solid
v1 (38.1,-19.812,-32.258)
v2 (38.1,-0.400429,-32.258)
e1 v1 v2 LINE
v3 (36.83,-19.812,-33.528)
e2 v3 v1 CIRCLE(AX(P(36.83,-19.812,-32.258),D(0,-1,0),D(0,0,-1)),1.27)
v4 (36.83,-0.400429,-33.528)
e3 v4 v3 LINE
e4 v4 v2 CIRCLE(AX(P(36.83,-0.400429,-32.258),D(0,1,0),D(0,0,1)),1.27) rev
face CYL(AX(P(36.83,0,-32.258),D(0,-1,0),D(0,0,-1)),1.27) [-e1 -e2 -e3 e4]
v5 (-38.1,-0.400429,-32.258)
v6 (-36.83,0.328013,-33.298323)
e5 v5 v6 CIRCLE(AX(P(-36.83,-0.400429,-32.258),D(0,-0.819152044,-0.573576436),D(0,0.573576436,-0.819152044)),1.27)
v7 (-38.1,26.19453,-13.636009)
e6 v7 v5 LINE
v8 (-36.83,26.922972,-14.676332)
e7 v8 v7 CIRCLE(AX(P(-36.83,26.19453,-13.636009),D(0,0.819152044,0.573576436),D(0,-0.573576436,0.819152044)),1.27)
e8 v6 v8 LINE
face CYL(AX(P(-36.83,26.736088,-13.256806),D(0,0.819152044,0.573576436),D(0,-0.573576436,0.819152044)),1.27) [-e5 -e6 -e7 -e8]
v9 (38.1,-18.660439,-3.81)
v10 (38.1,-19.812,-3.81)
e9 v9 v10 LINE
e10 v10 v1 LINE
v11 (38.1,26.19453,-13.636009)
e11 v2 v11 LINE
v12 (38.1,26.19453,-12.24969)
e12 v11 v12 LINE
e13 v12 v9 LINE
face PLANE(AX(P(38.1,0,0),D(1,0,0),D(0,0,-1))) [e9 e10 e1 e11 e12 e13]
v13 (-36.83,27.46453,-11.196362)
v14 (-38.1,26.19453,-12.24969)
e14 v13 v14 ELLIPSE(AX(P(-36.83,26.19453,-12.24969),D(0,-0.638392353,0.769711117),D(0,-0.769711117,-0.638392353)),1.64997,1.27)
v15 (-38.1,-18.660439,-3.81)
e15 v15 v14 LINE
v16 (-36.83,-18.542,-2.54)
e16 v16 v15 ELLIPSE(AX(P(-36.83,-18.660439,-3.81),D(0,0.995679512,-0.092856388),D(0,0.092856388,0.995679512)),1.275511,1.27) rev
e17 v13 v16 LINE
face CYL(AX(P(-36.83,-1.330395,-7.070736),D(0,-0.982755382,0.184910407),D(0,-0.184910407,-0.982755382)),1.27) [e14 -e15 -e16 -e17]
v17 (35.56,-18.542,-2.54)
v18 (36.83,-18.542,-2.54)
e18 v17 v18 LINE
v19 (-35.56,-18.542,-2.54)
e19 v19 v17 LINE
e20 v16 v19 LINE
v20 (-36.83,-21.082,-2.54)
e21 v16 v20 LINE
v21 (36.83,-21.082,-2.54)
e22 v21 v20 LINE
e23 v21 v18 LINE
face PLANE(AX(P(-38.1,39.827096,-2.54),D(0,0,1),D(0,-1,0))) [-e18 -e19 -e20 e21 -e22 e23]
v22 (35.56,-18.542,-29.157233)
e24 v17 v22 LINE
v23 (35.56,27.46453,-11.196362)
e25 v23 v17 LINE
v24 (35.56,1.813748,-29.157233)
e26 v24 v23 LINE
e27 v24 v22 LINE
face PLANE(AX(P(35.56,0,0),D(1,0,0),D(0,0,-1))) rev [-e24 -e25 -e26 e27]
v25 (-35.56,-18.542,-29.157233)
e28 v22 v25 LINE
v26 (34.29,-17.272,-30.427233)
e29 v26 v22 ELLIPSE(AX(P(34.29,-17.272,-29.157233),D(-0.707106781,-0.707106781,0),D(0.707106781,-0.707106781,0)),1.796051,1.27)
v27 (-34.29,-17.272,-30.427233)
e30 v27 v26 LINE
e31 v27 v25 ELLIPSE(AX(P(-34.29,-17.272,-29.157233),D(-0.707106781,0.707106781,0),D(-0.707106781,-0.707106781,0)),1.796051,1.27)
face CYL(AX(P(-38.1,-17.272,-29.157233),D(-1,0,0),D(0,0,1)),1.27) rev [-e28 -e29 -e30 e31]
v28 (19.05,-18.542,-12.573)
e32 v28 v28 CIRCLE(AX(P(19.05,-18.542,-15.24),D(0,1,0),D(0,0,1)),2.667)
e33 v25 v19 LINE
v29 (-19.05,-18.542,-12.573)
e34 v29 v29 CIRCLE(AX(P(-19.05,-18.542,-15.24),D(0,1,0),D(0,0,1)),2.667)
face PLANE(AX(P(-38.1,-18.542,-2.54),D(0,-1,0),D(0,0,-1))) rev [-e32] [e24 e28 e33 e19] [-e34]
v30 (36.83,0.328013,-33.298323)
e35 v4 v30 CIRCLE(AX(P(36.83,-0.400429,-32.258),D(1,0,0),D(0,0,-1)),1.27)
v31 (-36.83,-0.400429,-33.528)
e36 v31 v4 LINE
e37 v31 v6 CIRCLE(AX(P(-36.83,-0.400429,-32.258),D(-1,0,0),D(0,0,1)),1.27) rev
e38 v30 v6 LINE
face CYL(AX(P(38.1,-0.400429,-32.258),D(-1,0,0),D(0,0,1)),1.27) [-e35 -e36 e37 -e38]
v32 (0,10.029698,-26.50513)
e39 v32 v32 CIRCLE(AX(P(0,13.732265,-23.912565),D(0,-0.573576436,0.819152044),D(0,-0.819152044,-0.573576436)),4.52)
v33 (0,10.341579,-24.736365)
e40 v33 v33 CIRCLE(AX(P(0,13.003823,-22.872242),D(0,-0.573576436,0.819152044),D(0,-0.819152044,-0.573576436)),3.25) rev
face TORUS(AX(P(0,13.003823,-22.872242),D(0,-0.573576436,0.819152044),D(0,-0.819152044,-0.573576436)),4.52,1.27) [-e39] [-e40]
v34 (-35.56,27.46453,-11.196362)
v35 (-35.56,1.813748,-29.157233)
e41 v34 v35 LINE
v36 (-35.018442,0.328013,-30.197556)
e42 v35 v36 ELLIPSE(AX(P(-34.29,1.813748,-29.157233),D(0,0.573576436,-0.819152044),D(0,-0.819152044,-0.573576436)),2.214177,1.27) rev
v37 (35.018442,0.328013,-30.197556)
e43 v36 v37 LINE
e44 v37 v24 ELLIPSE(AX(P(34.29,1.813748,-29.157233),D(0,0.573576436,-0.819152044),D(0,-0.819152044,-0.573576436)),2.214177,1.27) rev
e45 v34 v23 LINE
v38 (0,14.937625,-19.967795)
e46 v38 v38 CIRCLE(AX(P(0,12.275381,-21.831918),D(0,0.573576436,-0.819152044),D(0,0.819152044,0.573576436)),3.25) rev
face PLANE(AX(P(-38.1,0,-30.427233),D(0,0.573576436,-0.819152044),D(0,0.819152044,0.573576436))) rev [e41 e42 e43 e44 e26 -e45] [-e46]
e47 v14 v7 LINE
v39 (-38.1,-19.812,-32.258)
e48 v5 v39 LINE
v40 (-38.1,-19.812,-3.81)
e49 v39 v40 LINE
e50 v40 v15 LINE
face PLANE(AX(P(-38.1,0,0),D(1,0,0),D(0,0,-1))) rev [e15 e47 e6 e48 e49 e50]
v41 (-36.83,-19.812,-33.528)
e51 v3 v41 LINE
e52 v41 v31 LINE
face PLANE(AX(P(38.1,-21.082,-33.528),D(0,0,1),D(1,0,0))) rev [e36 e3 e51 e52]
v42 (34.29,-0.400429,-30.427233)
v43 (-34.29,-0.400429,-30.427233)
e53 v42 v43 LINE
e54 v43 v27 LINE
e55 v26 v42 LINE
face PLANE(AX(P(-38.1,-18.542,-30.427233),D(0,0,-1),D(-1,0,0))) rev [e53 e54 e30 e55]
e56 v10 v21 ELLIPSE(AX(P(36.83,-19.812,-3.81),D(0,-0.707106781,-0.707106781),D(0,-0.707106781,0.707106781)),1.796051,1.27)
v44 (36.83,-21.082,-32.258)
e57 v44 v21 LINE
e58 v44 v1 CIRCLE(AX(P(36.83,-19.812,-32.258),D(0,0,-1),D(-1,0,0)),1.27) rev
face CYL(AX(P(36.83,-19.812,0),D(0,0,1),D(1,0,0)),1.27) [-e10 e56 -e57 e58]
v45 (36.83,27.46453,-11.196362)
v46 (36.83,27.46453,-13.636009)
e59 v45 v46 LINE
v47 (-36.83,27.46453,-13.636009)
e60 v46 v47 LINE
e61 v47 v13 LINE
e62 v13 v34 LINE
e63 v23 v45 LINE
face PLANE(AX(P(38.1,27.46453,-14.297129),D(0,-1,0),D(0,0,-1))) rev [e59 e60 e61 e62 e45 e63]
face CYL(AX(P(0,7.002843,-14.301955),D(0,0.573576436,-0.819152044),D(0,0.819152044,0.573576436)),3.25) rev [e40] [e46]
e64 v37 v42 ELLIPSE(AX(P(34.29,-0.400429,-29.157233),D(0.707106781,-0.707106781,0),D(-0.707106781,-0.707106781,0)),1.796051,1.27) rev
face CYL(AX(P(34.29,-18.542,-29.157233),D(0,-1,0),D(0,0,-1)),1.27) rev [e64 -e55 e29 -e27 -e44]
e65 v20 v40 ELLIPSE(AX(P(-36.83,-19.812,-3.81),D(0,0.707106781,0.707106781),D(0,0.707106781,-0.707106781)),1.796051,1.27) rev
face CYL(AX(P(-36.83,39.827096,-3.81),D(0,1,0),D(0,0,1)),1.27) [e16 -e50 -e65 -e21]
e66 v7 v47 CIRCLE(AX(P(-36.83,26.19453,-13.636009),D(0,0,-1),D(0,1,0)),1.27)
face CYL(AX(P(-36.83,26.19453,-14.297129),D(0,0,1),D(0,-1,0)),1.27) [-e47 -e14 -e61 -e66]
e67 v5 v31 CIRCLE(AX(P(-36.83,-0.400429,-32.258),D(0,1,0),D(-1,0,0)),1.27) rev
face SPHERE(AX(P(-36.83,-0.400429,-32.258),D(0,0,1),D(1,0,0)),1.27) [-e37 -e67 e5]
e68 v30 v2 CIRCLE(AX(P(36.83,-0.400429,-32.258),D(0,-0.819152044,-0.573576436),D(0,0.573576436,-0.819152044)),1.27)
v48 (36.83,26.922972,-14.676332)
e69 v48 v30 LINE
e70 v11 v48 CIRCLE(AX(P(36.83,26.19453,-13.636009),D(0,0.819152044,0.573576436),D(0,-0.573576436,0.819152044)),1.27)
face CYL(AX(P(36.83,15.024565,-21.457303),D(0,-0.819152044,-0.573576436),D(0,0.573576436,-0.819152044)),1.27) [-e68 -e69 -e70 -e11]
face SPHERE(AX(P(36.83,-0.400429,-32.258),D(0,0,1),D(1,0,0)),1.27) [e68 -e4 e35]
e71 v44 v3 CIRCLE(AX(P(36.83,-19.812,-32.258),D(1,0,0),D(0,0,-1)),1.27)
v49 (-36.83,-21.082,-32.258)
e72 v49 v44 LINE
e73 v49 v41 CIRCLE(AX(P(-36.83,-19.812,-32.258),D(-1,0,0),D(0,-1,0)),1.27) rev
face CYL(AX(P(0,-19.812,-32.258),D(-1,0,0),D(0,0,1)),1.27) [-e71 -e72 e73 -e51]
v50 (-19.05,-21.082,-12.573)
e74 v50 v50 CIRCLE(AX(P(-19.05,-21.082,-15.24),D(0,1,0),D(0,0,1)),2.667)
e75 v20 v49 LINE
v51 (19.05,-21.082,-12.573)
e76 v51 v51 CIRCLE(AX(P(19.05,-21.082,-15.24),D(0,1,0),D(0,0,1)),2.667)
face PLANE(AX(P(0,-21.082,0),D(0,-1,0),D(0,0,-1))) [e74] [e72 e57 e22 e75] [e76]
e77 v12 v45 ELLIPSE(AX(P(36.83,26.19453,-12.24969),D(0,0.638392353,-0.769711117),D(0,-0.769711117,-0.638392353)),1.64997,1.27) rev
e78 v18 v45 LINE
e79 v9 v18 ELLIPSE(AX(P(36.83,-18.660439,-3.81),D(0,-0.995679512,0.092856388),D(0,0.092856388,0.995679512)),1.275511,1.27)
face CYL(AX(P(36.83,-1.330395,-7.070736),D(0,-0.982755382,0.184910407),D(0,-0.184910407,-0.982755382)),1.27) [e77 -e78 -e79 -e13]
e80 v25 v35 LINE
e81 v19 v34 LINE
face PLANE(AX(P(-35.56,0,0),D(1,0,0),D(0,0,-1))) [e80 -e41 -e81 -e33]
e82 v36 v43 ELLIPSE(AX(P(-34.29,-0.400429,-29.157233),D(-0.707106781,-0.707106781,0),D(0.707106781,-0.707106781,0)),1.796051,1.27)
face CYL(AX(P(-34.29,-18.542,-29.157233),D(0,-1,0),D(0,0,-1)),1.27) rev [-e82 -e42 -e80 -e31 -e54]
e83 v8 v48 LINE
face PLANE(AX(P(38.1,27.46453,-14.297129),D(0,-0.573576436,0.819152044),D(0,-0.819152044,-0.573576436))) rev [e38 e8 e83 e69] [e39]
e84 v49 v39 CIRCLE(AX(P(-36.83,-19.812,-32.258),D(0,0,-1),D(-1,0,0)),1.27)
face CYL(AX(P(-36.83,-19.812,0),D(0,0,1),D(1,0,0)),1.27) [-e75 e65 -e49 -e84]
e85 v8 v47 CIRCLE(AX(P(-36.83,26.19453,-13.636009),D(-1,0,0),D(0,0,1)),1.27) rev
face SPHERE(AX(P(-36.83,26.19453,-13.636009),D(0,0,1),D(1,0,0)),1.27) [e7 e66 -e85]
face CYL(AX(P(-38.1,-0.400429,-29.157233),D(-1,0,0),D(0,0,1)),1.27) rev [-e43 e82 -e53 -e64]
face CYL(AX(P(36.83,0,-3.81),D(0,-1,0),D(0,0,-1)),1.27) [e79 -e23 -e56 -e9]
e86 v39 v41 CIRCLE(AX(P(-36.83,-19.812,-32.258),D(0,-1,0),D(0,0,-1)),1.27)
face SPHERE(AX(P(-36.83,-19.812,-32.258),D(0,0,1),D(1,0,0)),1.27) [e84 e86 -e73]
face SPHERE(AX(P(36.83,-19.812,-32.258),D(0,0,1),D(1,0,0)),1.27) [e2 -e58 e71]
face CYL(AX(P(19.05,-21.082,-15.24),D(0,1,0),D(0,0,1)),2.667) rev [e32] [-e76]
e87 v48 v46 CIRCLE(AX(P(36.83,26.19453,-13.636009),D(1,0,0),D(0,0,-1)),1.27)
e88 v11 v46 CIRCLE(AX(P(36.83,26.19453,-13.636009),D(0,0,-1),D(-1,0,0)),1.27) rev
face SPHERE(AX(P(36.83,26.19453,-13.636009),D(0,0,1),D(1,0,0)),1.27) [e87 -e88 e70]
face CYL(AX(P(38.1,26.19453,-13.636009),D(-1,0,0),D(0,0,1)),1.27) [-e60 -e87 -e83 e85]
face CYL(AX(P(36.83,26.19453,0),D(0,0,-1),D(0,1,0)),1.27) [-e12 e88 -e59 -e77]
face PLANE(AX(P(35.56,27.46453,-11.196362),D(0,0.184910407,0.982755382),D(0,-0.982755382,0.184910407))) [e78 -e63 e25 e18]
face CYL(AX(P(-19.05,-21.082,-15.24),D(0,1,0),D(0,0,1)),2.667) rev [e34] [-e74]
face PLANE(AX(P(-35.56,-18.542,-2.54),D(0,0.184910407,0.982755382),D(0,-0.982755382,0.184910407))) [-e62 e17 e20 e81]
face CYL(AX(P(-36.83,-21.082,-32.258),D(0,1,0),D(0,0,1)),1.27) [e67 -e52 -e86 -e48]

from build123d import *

# Parameters (mm, degrees)
BOSS_EXTRUDE1_DEPTH  = 38.1
SKETCH5_W            = 76.2
SKETCH5_H            = 33.528
BOSS_EXTRUDE2_DEPTH  = 21.082
CUT_EXTRUDE2_DEPTH   = 88.66337421
SKETCH7_R            = 2.667
CUT_EXTRUDE3_DEPTH   = 69.500639142
SKETCH12_R           = 3.25
CUT_EXTRUDE7_DEPTH   = 2.54
SKETCH13_W           = 79.969594391
SKETCH13_H           = 52.20621733
CUT_EXTRUDE8_DEPTH   = 2.54
BOSS_EXTRUDE4_DEPTH  = 2.54
BOSS_EXTRUDE10_DEPTH = 2.54
FILLET8_R            = 1.27


with BuildPart() as part:
    # Sketch1 → Boss-Extrude1 (new, symmetric)
    with BuildSketch(Plane(origin=(0, 0, 0), x_dir=(0, 0, -1), z_dir=(1, 0, 0))):
        Polygon((0, 0), (33.528, 0), (14.297129242, 27.464529741), (0, 27.464529741), align=None)
    extrude(amount=BOSS_EXTRUDE1_DEPTH, both=True)

    # Sketch5 → Boss-Extrude2 (add)
    with BuildSketch(Plane.XZ):
        with Locations((0, -16.764)):
            Rectangle(SKETCH5_W, SKETCH5_H)
    extrude(amount=BOSS_EXTRUDE2_DEPTH)

    # Sketch6 → Cut-Extrude2 (cut, through all)
    with BuildSketch(Plane(origin=(38.1, 0, 0), x_dir=(0, 0, -1), z_dir=(1, 0, 0))):
        Polygon((2.54, 39.827095572), (2.54, -18.542), (30.427232545, -18.542), (30.427232545, 0), align=None)
    extrude(amount=-CUT_EXTRUDE2_DEPTH, mode=Mode.SUBTRACT)

    # Sketch7 → Cut-Extrude3 (cut, through all)
    with BuildSketch(Plane(origin=(0, -18.542, 0), x_dir=(1, 0, 0), z_dir=(0, 1, 0))):
        with Locations(Location((19.05, 15.24, 0), (0, 0, 270))):
            Circle(SKETCH7_R)
        with Locations(Location((-19.05, 15.24, 0), (0, 0, 270))):
            Circle(SKETCH7_R)
    extrude(amount=-CUT_EXTRUDE3_DEPTH, mode=Mode.SUBTRACT)

    # Sketch12 → Cut-Extrude7 (cut)
    with BuildSketch(Plane(origin=(0, 15.753007095, -22.497625683), x_dir=(-1, 0, 0), z_dir=(0, 0.5735764363510444, -0.8191520442889929))):
        with Locations(Location((0, -2.466870758, 0), (0, 0, 90))):
            Circle(SKETCH12_R)
    extrude(amount=-CUT_EXTRUDE7_DEPTH, mode=Mode.SUBTRACT)

    # Sketch13 → Cut-Extrude8 (cut)
    with BuildSketch(Plane.XY):
        with Locations((-0.230592833, 3.838694169)):
            Rectangle(SKETCH13_W, SKETCH13_H)
    extrude(amount=-CUT_EXTRUDE8_DEPTH, mode=Mode.SUBTRACT)

    # Sketch16 → Boss-Extrude4 (add)
    with BuildSketch(Plane(origin=(38.1, 0, 0), x_dir=(0, 0, -1), z_dir=(1, 0, 0))):
        Polygon((2.54, -18.542), (30.427232545, -18.542), (30.427232545, 0), (11.196361787, 27.464529741), align=None)
    extrude(amount=-BOSS_EXTRUDE4_DEPTH)

    # Sketch17 → Boss-Extrude10 (add)
    with BuildSketch(Plane.ZY.offset(38.1)):
        Polygon((-11.196361787, 27.464529741), (-30.427232545, 0), (-30.427232545, -18.542), (-2.54, -18.542), align=None)
    extrude(amount=-BOSS_EXTRUDE10_DEPTH)

    # Fillet8
    fillet8_edges = [part.edges().sort_by_distance(p)[0] for p in [
        (38.1, 13.73226487, -23.912564621),
        (38.1, 27.464529741, -12.746745514),
        (-38.1, -10.541, -33.528),
        (38.1, -10.541, -33.528),
        (0, -21.082, -33.528),
        (38.1, -21.082, -18.034),
        (-38.1, 27.464529741, -12.746745514),
        (-38.1, 13.73226487, -23.912564621),
        (0, 11.070020727, -25.776688039),
        (-38.1, -21.082, -18.034),
        (-38.1, -19.812, -2.54),
        (38.1, -19.812, -2.54),
        (0, 27.464529741, -14.297129242),
        (0, 0, -33.528),
        (35.56, -9.271, -30.427232545),
        (38.1, 4.46126487, -6.868180893),
        (0, -18.542, -30.427232545),
        (0, 0, -30.427232545),
        (-35.56, -9.271, -30.427232545),
        (-38.1, 4.46126487, -6.868180893),
    ]]
    fillet(fillet8_edges, radius=FILLET8_R)


solid = part.part
